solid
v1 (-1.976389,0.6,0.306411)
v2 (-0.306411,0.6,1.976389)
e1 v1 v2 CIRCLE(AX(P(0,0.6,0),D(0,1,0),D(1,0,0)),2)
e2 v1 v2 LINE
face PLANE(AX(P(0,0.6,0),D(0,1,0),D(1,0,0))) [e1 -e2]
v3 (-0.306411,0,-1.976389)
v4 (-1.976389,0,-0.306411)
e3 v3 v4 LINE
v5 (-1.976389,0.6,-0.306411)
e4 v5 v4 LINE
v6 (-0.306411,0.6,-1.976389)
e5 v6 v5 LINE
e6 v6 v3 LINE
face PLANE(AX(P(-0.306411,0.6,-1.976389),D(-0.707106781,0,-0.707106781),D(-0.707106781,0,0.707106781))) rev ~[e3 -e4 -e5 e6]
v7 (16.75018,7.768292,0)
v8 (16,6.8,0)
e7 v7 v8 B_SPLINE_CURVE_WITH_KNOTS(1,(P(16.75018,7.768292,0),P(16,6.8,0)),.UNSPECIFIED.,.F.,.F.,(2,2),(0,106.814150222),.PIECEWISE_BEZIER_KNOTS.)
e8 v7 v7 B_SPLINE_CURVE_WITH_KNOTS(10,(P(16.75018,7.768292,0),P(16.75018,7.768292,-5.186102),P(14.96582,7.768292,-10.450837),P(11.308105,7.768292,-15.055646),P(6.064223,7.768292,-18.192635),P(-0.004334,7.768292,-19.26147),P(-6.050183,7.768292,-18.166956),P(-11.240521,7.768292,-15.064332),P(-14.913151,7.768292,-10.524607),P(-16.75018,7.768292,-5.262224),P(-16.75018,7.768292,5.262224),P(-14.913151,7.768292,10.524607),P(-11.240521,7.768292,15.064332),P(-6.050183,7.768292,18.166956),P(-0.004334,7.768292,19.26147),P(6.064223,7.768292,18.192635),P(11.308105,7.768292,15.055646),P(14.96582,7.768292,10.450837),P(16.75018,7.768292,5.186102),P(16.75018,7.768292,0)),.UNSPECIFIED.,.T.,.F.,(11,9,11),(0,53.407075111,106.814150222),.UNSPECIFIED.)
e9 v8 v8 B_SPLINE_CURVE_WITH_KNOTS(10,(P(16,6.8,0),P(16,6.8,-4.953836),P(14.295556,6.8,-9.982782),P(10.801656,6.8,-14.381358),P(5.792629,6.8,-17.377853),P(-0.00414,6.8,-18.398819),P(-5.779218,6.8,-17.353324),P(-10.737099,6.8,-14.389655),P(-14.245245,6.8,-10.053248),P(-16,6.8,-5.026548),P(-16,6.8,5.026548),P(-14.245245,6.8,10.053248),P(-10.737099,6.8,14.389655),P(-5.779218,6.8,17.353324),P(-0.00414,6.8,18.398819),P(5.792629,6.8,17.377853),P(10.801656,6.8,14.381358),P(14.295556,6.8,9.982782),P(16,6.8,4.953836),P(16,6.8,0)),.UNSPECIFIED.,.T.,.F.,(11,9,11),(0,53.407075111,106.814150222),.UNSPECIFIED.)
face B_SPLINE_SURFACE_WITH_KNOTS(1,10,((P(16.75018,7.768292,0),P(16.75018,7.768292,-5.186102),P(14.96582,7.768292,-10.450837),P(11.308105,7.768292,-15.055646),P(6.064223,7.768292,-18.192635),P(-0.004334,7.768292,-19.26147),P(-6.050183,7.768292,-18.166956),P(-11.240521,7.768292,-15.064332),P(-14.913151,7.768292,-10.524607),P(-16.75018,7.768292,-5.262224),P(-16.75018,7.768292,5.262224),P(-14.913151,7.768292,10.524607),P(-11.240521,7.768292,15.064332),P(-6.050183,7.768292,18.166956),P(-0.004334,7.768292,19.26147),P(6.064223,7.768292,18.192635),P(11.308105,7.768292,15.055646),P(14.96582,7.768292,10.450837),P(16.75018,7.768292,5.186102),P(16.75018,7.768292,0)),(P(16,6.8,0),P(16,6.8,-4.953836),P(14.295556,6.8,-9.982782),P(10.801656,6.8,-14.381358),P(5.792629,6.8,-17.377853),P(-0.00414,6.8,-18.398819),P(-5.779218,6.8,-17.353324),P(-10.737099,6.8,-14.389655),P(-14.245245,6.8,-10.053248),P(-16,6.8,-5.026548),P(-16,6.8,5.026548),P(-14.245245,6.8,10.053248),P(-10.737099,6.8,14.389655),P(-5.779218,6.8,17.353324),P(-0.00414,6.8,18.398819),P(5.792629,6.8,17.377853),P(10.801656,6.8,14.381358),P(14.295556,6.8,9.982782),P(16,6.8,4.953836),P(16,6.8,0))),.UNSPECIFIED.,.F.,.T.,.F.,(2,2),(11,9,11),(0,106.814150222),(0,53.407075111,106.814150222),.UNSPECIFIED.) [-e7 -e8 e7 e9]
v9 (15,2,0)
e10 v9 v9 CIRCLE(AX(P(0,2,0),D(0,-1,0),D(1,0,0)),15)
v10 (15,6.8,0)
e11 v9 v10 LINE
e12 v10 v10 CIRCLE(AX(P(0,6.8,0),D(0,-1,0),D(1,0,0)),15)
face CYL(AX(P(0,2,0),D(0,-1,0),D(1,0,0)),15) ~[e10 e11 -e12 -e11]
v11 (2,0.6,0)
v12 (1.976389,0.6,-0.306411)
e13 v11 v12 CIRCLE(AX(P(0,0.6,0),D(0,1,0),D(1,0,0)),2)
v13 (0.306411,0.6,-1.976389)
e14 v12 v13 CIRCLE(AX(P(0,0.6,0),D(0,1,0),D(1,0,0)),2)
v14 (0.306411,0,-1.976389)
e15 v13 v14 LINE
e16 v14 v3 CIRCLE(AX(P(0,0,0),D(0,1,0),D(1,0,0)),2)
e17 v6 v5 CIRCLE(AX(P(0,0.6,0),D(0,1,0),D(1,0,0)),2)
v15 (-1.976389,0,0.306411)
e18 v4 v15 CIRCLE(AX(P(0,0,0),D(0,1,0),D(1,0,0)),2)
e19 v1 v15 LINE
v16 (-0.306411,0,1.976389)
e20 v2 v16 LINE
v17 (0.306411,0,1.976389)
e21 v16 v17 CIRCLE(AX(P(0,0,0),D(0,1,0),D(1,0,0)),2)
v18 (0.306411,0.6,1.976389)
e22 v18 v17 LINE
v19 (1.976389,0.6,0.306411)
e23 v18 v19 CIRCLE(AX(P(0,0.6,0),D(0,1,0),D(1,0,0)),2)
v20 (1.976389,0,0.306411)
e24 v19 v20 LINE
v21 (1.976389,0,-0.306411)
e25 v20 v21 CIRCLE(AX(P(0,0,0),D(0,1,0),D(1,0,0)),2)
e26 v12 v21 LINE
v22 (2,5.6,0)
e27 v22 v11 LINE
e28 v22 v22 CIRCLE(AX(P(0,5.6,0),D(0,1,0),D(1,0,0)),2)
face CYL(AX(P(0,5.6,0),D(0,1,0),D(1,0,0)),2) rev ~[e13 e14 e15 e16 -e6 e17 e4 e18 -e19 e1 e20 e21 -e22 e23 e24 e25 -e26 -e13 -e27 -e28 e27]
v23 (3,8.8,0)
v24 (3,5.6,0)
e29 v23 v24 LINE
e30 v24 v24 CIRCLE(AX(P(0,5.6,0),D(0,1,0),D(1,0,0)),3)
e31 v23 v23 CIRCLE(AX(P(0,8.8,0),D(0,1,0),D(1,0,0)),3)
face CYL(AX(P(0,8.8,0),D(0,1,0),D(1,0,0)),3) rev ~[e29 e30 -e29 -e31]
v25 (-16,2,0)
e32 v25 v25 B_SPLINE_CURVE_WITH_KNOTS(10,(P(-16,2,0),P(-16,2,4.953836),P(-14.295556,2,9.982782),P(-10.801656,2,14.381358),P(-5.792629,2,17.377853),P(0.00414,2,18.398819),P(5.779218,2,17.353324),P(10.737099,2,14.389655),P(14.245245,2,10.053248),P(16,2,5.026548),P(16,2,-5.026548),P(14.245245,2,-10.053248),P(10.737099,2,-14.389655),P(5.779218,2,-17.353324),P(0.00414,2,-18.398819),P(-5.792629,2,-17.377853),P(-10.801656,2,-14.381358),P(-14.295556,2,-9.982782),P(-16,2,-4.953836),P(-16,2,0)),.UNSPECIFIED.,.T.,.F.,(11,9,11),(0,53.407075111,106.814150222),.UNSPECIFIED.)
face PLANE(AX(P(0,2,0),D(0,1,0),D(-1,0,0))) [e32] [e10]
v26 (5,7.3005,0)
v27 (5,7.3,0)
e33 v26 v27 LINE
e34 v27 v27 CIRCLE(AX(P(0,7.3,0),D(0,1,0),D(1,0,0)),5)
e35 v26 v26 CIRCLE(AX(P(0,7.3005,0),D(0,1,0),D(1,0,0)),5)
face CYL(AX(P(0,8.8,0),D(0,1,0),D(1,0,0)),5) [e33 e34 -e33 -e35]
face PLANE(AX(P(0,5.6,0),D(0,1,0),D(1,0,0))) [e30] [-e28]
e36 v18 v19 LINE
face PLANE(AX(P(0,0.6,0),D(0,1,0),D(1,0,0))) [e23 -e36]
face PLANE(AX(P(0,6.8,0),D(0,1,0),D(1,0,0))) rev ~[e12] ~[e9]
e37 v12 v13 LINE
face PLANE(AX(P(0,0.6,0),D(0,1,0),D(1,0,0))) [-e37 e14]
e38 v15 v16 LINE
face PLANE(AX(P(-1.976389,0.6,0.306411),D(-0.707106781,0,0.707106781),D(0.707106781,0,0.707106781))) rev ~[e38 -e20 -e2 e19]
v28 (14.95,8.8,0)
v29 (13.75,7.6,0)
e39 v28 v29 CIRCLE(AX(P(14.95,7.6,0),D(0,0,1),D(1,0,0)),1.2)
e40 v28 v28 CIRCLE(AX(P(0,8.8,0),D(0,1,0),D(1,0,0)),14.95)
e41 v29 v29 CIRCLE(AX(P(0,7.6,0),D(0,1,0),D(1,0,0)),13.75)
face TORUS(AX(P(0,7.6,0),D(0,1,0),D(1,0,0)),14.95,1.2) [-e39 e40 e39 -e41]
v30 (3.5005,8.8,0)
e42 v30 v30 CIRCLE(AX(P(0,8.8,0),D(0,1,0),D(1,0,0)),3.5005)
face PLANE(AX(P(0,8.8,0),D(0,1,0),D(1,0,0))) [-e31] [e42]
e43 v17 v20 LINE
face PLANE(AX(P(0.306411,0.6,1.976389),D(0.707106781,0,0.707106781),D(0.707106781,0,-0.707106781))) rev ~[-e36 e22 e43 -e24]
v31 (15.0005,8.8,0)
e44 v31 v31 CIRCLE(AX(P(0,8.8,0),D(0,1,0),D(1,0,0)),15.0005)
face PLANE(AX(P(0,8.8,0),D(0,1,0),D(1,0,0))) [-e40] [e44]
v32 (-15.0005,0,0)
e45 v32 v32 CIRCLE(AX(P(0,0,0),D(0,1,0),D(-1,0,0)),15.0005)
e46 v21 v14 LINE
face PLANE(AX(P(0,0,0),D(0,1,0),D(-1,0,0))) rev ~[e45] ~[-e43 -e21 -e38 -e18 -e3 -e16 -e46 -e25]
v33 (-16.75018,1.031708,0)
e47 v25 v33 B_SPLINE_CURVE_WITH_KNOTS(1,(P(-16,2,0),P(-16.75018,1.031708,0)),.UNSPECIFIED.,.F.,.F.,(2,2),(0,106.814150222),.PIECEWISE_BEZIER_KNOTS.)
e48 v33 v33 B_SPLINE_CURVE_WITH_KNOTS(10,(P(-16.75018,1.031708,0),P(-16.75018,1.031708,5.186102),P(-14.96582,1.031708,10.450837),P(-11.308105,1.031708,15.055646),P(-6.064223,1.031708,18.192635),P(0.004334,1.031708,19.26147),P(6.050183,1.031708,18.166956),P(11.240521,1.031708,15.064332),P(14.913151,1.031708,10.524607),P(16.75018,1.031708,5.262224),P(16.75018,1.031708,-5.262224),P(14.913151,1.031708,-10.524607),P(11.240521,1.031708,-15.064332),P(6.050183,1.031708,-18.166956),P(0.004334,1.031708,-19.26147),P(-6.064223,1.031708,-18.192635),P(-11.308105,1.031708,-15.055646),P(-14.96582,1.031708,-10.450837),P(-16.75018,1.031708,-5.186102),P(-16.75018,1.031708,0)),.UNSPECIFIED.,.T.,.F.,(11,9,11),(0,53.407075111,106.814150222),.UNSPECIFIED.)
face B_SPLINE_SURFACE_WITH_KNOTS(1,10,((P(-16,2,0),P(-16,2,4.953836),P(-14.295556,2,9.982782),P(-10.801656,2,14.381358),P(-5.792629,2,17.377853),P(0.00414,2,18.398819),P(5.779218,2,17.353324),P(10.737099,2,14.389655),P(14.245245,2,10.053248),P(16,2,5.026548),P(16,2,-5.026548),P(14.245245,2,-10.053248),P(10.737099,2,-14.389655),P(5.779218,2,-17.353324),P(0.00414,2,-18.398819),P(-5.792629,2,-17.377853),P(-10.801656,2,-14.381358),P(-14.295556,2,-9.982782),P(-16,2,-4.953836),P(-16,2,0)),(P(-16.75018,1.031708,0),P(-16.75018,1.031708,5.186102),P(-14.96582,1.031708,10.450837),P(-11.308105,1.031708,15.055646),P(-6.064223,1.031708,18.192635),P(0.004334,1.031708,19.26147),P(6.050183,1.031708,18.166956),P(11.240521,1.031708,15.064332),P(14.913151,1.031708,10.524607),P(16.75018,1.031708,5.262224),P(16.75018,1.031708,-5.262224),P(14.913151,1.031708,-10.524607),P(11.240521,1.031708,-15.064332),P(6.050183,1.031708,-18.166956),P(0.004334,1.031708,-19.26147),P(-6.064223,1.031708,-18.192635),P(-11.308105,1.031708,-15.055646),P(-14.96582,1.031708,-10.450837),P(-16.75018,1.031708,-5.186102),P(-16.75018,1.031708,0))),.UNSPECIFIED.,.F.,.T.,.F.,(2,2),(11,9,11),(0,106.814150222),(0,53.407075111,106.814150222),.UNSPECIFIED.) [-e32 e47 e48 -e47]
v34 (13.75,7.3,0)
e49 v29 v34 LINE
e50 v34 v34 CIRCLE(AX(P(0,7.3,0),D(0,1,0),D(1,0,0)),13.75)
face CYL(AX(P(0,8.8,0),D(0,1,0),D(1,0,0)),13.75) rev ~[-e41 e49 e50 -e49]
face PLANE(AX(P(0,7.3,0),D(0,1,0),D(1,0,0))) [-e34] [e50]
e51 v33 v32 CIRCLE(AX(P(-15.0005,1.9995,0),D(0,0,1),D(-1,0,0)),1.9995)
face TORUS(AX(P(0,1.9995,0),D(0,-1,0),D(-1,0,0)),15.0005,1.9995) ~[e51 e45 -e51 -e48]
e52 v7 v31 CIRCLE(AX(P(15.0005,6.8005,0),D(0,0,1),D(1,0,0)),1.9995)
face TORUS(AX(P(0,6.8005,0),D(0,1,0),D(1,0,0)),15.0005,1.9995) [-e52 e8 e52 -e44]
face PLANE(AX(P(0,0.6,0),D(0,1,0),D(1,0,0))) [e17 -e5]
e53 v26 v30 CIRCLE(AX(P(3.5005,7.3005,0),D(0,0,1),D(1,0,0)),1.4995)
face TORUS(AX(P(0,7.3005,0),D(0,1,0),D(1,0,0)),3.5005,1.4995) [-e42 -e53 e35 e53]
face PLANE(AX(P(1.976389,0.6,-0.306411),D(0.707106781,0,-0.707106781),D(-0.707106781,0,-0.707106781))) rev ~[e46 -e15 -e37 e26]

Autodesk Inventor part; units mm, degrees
ref_plane "YZ Plane" through (0, 0, 0) normal (1, 0, 0) x (0, 1, 0)
ref_plane "XZ Plane" through (0, 0, 0) normal (0, 1, 0) x (-1, 0, 0)
ref_plane "XY Plane" through (0, 0, 0) normal (0, 0, 1) x (1, 0, 0)
sketch "Sketch1" plane through (0, 0, 0) normal (0, 1, 0) x (-1, 0, 0)
  line L0 (0, 0) -> (17, 0)
  circle A0 centre (0, 0) radius 17
  dimension "d0" = 17
extrude "Extrusion1" add sketch "Sketch1" along normal blind 2
sketch "Sketch2" plane through (0, 2, 0) normal (0, 1, 0) x (1, 0, 0)
  line L0 (0, 0) -> (-15, 0)
  circle A0 centre (0, 0) radius 15
  dimension "d3" = 15
extrude "Extrusion2" add sketch "Sketch2" along normal blind 4.8
sketch "Sketch3" plane through (0, 6.8, 0) normal (0, 1, 0) x (1, 0, 0)
  circle A0 centre (0, 0) radius 17
extrude "Extrusion3" add sketch "Sketch3" along normal blind 2
fillet "Fillet1" radius 2 2 edges at (-17, 8.8, 0) (17, 0, 0)
chamfer "Chamfer1" distance 1 angle 45 4 edges at (-17, 6.8005, 0) (-17, 6.8, 0) (17, 2, 0) (17, 1.9995, 0)
sketch "Sketch4" plane through (0, 8.8, 0) normal (0, 1, 0) x (1, 0, 0)
  circle A0 centre (0, 0) radius 13.75
  circle A1 centre (0, 0) radius 5
  dimension "d12" = 27.5
  dimension "d13" = 10
extrude "Extrusion4" cut sketch "Sketch4" against normal blind 1.5
fillet "Fillet2" radius 1.2 1 edges at (-13.75, 8.8, 0)
fillet "Fillet3" radius 1.5 1 edges at (-5, 8.8, 0)
sketch "Sketch5" plane through (0, 8.8, 0) normal (0, 1, 0) x (1, 0, 0)
  circle A0 centre (0, 0) radius 3.5 projected
  circle A1 centre (0, 0) radius 3
  dimension "d18" = 6
extrude "Extrusion5" cut sketch "Sketch5" against normal blind 3.2 contours A1
sketch "Sketch6" plane through (0, 5.6, 0) normal (0, 1, 0) x (1, 0, 0)
  circle A0 centre (0, 0) radius 2
  dimension "d21" = 4
extrude "Extrusion6" cut sketch "Sketch6" against normal blind 5
sketch "Sketch7" plane through (0, 0.6, 0) normal (0, 1, 0) x (1, 0, 0)
  circle A0 centre (0, 0) radius 2 projected
  line L0 (0, -2) -> (-2, 0)
  line L1 (-2, 0) -> (0, 2)
  line L2 (0, 2) -> (2, 0)
  line L3 (2, 0) -> (0, -2)
  line L4 (0, 2.2828) -> (-2.2828, 0)
  line L5 (-2.2828, 0) -> (0, -2.2828)
  line L6 (0, -2.2828) -> (2.2828, 0)
  line L7 (2.2828, 0) -> (0, 2.2828)
  point P0 (1.9764, 0.3065)
  point P1 (0.3065, 1.9764)
  point P2 (0.3065, -1.9764)
  point P3 (1.9764, -0.3065)
  point P4 (-0.3065, 1.9764)
  point P5 (-1.9764, 0.3065)
  point P6 (-1.9764, -0.3065)
  point P7 (-0.3065, -1.9764)
  dimension "d26" = 0.2
extrude "Extrusion7" cut sketch "Sketch7" against normal blind 5 contours L2 A0 L7 | L3 L0 L1 L2 | A0 L6 L3 | L1 A0 L4 | A0 L5 L0
properties part number "kolo_mensi"
